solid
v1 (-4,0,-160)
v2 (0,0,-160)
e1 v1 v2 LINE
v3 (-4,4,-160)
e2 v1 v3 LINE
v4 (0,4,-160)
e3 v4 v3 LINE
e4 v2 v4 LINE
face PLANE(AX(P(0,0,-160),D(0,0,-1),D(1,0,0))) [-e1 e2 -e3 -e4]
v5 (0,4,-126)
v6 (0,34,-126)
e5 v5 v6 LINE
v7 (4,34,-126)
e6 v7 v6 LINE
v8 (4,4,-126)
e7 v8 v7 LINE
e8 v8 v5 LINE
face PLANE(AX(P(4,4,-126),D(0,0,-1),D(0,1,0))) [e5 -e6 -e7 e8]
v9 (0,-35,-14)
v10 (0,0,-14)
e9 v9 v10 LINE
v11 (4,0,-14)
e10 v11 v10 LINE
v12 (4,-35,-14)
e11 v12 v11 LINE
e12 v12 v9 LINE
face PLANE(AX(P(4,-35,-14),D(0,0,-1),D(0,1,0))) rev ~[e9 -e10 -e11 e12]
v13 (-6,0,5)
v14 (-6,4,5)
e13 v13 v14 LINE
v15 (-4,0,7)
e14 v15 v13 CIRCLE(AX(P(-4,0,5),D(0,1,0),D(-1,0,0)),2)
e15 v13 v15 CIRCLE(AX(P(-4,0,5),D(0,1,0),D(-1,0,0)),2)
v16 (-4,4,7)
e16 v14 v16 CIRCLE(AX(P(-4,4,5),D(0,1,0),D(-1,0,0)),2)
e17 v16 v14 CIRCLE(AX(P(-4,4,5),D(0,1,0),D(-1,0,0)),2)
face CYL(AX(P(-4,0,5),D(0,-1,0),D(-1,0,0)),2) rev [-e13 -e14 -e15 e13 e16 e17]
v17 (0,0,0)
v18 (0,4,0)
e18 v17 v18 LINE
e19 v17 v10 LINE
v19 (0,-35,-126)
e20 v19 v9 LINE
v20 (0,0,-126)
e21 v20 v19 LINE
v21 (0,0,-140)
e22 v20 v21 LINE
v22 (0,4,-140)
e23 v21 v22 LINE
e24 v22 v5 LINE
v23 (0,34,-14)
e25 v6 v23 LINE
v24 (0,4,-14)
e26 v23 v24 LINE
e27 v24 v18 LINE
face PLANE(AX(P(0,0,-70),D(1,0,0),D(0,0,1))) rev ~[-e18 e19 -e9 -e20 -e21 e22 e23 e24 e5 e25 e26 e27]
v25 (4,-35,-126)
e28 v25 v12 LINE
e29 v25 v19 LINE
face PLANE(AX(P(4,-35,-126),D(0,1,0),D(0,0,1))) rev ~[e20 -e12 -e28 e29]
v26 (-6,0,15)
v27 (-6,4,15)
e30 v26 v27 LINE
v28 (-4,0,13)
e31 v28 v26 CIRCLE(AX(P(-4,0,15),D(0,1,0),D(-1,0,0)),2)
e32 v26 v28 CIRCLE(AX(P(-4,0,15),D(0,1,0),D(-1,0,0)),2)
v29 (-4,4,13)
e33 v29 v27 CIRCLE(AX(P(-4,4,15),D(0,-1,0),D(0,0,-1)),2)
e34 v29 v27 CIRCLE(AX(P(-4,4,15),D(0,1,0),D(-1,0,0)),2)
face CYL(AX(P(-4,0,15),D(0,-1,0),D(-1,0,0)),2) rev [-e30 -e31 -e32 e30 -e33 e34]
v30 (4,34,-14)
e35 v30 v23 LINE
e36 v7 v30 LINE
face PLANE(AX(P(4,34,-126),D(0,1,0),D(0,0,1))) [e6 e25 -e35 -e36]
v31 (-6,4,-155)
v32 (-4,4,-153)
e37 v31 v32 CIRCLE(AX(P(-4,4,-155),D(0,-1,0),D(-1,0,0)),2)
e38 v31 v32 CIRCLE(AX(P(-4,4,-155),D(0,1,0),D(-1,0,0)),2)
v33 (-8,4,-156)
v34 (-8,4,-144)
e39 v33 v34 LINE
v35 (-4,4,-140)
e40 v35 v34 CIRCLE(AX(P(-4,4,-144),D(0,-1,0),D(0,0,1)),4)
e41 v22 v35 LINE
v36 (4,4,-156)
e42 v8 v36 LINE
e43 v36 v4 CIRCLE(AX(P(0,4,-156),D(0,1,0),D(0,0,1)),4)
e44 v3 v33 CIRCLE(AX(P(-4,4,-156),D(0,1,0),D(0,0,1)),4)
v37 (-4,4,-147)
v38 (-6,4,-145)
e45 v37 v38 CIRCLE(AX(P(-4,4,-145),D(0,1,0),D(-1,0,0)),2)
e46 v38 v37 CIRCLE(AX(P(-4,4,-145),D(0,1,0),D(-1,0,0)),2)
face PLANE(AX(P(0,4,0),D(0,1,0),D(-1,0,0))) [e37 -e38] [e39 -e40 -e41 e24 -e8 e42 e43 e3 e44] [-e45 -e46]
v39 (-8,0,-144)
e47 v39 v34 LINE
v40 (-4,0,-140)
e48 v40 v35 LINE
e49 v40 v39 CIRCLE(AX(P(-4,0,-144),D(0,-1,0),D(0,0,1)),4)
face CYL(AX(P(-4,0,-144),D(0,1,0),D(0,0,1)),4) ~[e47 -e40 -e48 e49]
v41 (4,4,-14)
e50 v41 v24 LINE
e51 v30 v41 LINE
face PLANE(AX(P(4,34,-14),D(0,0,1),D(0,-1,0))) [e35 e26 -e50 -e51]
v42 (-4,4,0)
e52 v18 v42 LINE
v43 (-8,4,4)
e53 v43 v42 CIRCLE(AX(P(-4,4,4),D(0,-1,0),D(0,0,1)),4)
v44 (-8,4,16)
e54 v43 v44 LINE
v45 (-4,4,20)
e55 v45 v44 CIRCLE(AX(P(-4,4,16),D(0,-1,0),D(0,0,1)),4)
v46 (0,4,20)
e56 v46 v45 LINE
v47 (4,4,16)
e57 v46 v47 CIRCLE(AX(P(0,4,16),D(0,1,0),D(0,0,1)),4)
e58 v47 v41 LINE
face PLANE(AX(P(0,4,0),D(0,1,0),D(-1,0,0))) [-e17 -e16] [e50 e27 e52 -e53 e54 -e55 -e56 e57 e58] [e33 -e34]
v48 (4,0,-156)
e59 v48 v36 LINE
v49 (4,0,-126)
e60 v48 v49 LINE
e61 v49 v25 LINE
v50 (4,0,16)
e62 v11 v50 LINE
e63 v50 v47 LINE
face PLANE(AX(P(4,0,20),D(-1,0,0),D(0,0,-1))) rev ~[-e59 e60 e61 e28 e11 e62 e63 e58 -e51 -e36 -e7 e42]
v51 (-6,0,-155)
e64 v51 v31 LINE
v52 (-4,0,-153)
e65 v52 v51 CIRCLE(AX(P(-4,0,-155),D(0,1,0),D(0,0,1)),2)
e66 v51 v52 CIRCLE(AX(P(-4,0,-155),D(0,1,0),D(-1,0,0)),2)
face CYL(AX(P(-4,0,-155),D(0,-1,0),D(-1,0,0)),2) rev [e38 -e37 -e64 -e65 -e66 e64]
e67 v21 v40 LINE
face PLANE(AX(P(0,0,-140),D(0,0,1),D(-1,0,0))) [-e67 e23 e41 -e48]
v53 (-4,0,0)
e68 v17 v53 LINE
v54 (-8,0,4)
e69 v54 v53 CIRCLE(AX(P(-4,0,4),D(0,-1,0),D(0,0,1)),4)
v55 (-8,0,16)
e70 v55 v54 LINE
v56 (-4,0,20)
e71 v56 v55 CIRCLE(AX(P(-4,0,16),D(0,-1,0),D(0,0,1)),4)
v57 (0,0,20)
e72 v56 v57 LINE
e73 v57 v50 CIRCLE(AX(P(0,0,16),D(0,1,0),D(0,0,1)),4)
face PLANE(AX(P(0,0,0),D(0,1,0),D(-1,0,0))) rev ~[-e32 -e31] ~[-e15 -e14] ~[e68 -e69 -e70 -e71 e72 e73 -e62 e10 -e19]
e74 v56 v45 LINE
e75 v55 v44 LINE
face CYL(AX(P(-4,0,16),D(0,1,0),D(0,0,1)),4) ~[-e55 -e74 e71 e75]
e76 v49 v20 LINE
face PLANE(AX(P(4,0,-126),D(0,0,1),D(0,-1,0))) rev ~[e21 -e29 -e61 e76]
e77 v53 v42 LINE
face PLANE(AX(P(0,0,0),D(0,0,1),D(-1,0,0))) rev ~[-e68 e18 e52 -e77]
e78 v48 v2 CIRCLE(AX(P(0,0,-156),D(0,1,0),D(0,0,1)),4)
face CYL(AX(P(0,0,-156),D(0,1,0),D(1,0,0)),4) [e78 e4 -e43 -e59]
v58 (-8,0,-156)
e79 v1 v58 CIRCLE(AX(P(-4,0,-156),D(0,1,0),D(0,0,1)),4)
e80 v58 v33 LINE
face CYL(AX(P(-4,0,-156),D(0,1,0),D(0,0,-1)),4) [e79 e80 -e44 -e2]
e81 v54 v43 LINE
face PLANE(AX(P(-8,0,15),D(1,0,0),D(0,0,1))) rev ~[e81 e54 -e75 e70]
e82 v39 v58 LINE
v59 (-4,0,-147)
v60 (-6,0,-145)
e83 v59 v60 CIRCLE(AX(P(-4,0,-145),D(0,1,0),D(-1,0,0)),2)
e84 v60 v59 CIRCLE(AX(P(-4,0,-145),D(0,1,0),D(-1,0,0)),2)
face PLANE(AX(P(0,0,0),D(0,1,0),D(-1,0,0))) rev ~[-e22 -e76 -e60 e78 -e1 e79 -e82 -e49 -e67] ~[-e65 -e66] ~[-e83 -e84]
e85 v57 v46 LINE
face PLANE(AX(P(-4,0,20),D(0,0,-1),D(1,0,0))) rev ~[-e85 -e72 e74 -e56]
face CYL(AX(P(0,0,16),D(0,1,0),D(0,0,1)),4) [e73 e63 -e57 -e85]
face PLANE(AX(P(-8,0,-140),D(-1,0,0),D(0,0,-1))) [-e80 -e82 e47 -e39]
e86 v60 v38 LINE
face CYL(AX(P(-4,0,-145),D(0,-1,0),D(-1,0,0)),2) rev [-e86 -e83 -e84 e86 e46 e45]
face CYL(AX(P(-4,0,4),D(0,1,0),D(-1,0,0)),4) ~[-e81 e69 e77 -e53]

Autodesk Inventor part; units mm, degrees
ref_plane "YZ Plane" through (0, 0, 0) normal (1, 0, 0) x (0, 1, 0)
ref_plane "XZ Plane" through (0, 0, 0) normal (0, 1, 0) x (-1, 0, 0)
ref_plane "XY Plane" through (0, 0, 0) normal (0, 0, 1) x (1, 0, 0)
sketch "Sketch1" plane through (0, 0, 0) normal (0, 1, 0) x (-1, 0, 0)
  line L0 (0, 0) -> (8, 0)
  line L1 (8, 0) -> (8, 20)
  line L2 (8, 20) -> (0, 20)
  line L3 (0, 20) -> (0, 0)
  line L4 (8, 20) -> (4, 20)
  line L5 (4, 20) -> (4, 15)
  line L6 (4, 15) -> (8, 15)
  line L7 (8, 15) -> (8, 20)
  line L8 (4, 15) -> (4, 5)
  circle A0 centre (4, 15) radius 2
  circle A1 centre (4, 5) radius 2
  line L9 (0, 20) -> (-4, 20)
  line L10 (-4, 20) -> (-4, -70)
  line L11 (-4, -70) -> (0, -70)
  line L12 (0, -70) -> (0, 20)
  line L13 (0, -140) -> (8, -140)
  line L14 (8, -140) -> (8, -160)
  line L15 (8, -160) -> (0, -160)
  line L16 (0, -160) -> (0, -140)
  line L17 (8, -160) -> (4, -160)
  line L18 (4, -160) -> (4, -155)
  line L19 (4, -155) -> (8, -155)
  line L20 (8, -155) -> (8, -160)
  line L21 (4, -155) -> (4, -145)
  circle A2 centre (4, -155) radius 2
  circle A3 centre (4, -145) radius 2
  line L22 (0, -160) -> (-4, -160)
  line L23 (-4, -160) -> (-4, -70)
  line L24 (0, -70) -> (0, -160)
  dimension "d0" = 8
  dimension "d1" = 20
  dimension "d2" = 4
  dimension "d3" = 5
  dimension "d4" = 10
  dimension "d5" = 4
  dimension "d6" = 4
extrude "Extrusion1" add sketch "Sketch1" along normal blind 4 contours L3 L2 L5 A0 L6 L1 L0 | L12 L11 L10 L9 L3 | L24 L16 L22 L23 L11 | L6 A0 L5 L2 L1 | L13 L14 L19 A2 L18 L15 L16 | L14 L15 L18 A2 L19
fillet "Fillet1" radius 4 6 edges at (-8, 2, -140) (-8, 2, -160) (4, 2, -160) (4, 2, 20) (-8, 2, 20) (-8, 2, 0)
sketch "Sketch2" plane through (4, 0, 16) normal (1, 0, 0) x (0, 0, -1)
  line L0 (-4, 4) -> (0, 4) projected
  line L1 (0, 4) -> (30, 4)
  line L2 (156, 4) -> (16, 4) projected
  line L3 (172, 4) -> (172, 0) projected
  line L4 (172, 4) -> (142, 4)
  line L5 (30, 4) -> (142, 4)
  line L6 (142, 4) -> (142, 34)
  line L7 (142, 34) -> (30, 34)
  line L8 (30, 34) -> (30, 4)
  line L9 (156, 0) -> (16, 0) projected
  line L10 (30, 0) -> (142, 0)
  line L11 (142, 0) -> (142, -35)
  line L12 (142, -35) -> (30, -35)
  line L13 (30, -35) -> (30, 0)
  dimension "d12" = 30
  dimension "d13" = 30
  dimension "d14" = 30
  dimension "d15" = 35
extrude "Extrusion2" add sketch "Sketch2" against normal up to surface (4 mm away)
properties part number "rigid_support2"
